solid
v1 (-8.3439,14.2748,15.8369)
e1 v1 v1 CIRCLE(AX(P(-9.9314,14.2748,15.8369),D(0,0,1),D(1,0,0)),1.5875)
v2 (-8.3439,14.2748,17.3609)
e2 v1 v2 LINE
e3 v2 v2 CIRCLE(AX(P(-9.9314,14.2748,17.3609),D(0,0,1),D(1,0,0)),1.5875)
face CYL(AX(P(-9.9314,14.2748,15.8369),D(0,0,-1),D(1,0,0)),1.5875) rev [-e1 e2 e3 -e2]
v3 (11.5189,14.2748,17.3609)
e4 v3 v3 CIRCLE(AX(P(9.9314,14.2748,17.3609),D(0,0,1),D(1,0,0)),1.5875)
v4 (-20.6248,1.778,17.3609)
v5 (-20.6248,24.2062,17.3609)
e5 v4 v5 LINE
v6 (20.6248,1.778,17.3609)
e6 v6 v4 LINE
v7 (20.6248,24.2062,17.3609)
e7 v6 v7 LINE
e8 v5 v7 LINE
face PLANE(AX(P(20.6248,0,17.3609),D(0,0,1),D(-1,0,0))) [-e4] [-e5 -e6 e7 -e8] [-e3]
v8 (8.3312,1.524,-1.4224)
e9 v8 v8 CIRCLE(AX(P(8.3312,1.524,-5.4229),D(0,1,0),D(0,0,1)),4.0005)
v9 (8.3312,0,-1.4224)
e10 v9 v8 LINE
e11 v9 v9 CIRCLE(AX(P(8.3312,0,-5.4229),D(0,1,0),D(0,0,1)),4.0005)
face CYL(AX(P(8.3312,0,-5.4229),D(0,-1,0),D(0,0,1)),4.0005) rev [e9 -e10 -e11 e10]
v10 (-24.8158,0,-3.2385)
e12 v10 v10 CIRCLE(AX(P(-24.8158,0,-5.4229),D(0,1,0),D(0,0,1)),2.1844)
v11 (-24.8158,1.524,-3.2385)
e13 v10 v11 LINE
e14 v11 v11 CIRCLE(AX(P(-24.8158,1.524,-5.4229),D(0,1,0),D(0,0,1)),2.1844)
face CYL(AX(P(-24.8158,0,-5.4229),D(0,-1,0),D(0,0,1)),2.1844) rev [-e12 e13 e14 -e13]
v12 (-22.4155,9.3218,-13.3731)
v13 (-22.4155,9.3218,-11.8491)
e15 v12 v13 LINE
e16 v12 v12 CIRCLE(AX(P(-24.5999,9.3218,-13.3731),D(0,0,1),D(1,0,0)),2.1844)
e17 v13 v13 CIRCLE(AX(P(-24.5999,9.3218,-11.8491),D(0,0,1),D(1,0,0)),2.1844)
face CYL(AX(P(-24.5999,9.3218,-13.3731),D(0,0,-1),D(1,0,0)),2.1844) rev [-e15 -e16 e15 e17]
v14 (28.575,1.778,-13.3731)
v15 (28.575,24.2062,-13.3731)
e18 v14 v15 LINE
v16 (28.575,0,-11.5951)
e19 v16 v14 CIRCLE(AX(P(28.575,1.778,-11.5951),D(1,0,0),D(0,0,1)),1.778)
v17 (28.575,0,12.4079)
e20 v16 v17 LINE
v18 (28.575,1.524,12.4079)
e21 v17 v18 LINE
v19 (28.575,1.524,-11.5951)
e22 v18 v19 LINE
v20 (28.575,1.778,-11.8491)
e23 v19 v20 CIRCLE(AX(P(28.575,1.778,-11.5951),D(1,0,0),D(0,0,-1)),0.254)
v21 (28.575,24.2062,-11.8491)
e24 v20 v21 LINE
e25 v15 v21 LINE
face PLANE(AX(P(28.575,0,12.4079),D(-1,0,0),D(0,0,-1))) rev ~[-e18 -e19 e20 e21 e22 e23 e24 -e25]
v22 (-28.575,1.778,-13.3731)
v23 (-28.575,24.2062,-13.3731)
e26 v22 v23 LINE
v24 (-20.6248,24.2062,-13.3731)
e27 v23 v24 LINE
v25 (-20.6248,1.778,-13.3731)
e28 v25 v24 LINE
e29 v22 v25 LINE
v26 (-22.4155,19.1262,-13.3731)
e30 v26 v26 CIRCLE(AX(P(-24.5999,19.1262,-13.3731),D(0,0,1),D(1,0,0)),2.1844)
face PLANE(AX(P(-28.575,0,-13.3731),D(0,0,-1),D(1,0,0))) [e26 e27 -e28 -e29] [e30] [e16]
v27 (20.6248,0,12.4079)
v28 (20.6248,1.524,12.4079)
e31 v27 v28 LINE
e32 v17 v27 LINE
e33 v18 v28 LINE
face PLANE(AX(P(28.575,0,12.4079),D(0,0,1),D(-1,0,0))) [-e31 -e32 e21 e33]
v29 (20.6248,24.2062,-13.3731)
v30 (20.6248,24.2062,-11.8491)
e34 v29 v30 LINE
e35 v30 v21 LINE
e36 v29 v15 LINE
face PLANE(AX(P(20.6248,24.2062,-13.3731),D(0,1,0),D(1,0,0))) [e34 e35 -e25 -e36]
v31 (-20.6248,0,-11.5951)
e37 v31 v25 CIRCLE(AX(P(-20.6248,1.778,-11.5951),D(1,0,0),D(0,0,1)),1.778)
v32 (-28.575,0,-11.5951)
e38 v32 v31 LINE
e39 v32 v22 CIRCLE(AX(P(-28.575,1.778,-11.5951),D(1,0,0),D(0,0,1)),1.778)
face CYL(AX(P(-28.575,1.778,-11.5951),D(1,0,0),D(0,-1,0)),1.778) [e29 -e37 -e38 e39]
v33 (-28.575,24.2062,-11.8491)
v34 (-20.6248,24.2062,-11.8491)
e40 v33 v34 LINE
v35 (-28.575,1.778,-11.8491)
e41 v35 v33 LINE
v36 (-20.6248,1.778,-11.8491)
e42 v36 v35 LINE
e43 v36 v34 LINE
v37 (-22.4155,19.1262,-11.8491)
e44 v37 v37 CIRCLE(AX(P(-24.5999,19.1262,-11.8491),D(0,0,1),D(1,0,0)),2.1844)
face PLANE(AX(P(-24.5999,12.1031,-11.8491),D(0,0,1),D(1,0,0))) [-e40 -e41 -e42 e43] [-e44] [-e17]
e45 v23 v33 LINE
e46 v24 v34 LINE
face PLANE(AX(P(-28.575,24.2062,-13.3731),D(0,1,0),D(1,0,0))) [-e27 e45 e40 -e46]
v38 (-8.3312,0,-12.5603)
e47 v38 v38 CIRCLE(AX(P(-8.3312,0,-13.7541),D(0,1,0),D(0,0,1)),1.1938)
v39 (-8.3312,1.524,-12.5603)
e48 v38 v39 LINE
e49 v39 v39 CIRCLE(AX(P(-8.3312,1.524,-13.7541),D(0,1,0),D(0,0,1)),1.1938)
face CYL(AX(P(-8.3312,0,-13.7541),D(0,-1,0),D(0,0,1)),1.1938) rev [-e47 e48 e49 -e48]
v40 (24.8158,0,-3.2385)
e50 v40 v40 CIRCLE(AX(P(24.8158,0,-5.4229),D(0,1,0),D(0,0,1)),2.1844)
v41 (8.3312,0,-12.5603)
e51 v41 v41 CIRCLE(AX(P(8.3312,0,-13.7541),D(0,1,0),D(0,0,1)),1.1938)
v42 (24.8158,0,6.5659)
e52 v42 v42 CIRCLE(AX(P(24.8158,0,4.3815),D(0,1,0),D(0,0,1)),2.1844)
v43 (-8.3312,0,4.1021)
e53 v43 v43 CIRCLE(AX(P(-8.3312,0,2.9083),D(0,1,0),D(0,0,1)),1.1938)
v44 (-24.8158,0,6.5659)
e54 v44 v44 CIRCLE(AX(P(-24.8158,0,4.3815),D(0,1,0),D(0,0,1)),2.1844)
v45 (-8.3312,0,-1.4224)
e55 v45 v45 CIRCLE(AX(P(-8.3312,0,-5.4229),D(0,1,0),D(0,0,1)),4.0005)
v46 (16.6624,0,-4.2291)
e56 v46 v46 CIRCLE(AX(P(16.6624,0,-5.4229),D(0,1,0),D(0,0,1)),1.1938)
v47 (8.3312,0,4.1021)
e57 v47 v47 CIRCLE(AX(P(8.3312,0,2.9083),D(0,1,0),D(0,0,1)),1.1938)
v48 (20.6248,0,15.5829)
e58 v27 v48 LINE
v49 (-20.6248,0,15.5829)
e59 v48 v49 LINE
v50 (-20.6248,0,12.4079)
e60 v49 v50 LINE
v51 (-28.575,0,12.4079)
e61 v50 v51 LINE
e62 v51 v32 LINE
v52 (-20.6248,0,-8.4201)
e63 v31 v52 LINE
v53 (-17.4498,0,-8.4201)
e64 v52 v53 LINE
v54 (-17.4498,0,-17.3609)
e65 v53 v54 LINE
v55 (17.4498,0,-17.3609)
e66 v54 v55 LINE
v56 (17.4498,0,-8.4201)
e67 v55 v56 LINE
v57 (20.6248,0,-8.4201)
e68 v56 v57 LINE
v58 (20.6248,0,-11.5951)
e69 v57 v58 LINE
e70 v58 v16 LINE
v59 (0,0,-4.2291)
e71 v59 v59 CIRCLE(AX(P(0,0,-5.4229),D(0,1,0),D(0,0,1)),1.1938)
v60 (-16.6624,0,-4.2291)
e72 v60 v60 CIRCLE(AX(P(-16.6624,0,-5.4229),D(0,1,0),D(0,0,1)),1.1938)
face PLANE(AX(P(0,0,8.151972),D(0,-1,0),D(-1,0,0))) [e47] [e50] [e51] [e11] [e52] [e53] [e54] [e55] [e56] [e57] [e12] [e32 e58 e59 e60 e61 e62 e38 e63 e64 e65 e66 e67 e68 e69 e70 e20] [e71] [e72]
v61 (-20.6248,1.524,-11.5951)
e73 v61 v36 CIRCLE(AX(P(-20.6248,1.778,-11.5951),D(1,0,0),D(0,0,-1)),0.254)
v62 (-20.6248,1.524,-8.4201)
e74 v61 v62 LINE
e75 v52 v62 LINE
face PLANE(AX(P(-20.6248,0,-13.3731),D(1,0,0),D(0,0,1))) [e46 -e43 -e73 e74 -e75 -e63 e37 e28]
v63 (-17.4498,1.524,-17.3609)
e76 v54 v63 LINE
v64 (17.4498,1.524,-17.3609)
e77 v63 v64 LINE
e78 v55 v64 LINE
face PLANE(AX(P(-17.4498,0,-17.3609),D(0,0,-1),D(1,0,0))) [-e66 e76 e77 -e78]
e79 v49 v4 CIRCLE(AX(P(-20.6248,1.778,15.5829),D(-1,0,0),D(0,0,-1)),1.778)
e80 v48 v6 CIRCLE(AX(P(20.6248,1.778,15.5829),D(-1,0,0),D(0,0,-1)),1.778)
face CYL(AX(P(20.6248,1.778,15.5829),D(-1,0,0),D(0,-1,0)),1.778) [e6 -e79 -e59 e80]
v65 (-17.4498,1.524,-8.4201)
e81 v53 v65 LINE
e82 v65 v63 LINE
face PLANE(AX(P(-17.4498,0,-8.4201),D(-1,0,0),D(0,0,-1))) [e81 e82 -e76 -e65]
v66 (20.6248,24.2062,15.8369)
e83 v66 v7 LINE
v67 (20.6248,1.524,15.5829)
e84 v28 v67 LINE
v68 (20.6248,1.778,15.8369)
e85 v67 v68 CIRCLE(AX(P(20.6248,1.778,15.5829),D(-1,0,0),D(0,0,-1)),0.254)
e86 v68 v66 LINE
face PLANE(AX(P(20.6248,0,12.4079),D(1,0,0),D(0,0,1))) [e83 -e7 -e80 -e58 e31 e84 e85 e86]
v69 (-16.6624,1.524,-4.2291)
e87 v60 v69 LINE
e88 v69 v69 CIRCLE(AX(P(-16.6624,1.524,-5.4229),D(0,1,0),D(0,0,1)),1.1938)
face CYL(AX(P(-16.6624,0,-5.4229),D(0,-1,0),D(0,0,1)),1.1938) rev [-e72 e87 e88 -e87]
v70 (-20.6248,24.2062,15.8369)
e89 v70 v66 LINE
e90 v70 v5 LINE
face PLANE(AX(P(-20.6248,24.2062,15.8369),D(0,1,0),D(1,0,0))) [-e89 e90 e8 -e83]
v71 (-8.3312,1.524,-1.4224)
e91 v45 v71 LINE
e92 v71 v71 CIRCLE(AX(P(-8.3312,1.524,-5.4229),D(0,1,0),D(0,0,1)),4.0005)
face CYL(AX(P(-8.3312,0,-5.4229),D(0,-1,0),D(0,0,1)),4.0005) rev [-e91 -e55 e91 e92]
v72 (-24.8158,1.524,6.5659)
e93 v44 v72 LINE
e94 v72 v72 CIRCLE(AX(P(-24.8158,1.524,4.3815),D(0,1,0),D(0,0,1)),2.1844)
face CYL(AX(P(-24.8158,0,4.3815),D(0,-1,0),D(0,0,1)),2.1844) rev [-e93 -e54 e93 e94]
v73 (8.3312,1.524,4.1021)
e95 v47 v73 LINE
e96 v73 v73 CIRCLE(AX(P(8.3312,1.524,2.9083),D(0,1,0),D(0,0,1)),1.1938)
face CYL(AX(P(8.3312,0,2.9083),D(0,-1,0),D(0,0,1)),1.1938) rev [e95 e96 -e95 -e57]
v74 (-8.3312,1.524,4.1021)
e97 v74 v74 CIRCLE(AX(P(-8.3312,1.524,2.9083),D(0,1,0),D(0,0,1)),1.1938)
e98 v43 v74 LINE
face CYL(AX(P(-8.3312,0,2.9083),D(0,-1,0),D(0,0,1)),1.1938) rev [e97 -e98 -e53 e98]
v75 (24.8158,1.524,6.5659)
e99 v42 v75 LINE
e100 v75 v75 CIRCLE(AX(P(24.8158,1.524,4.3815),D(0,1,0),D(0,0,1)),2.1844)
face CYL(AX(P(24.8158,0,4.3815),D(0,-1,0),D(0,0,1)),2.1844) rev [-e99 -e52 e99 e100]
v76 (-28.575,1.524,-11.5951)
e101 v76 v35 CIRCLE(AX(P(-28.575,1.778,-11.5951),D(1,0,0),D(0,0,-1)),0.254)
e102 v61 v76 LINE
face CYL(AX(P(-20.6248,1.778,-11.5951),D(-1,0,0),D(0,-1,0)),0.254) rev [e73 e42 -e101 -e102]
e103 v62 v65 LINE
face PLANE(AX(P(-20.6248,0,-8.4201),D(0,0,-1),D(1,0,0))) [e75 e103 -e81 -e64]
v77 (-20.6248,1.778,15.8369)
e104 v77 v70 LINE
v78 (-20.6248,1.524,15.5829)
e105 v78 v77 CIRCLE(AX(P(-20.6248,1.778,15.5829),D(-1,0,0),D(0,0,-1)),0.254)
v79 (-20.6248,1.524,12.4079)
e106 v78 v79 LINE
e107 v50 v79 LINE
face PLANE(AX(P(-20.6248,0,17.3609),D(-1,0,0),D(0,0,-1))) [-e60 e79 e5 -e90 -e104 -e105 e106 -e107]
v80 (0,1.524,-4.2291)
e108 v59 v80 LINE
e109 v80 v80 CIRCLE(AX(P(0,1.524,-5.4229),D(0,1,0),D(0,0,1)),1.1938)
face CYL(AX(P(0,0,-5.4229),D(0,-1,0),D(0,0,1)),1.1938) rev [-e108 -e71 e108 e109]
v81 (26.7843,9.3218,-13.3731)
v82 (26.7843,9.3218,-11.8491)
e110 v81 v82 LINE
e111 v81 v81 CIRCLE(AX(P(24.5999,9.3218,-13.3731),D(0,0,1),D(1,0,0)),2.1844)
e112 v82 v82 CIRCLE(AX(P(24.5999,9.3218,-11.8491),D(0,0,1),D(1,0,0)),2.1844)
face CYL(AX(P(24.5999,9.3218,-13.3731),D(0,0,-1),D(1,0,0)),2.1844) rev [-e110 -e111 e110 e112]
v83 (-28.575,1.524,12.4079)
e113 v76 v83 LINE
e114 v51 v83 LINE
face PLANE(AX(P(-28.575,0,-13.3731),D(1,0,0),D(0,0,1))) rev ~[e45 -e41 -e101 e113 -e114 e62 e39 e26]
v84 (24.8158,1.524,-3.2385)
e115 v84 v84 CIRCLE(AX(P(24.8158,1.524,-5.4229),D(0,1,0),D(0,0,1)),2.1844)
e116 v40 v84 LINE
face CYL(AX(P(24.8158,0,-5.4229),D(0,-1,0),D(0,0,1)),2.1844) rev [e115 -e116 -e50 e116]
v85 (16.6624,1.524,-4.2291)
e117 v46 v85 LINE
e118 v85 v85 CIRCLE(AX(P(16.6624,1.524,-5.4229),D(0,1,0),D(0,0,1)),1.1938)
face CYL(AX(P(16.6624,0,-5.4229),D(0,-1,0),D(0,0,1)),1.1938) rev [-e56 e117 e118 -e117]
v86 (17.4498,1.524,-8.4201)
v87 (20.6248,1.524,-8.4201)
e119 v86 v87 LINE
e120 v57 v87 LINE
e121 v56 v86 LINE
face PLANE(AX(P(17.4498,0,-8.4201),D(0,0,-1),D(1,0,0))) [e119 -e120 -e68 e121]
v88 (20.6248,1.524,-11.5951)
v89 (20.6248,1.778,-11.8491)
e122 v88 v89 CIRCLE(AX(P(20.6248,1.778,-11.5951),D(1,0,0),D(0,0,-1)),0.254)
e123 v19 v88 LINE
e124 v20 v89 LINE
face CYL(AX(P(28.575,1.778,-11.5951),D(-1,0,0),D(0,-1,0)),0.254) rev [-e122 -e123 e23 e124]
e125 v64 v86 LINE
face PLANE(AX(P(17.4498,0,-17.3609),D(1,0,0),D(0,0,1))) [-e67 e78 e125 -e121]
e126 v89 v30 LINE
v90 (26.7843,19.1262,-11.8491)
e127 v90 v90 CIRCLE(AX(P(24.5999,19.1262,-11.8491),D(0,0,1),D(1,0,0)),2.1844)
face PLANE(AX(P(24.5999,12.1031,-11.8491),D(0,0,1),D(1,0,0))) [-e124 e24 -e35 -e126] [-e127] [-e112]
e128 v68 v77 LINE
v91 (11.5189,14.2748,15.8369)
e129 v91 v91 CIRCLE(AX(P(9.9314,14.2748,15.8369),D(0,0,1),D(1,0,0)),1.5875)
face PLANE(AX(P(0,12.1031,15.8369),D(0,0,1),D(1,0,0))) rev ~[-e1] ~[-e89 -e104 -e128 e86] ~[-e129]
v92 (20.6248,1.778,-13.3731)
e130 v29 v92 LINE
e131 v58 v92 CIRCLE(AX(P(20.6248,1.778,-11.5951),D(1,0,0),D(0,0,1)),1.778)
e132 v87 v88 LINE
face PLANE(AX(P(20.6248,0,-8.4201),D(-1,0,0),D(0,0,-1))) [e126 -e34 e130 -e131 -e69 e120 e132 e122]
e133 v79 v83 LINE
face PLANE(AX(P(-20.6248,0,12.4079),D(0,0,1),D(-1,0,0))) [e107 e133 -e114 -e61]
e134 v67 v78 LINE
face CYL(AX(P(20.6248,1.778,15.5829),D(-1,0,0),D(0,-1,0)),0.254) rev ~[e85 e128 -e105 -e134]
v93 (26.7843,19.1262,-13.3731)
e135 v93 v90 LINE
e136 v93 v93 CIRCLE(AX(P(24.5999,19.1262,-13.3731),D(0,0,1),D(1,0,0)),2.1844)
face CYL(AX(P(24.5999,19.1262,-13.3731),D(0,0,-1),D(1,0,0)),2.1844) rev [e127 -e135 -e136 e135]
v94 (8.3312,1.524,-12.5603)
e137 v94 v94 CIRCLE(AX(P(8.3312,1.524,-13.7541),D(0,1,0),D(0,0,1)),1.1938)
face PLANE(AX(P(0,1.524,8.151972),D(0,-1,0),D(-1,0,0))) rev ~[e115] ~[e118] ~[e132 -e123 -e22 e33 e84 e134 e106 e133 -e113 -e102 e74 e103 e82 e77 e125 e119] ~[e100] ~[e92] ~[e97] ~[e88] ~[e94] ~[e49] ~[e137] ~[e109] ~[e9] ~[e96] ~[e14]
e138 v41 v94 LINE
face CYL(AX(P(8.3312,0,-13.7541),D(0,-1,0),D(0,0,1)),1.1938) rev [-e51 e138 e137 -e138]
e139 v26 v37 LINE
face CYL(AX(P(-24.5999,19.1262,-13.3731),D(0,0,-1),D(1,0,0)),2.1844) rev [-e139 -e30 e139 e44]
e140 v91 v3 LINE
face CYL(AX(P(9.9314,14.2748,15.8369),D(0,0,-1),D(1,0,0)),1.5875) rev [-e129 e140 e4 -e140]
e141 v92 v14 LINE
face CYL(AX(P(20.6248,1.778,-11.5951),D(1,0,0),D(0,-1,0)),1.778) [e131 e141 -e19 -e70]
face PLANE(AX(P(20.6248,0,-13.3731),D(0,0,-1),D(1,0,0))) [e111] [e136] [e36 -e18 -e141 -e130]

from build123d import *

# Parameters (mm, degrees)
SKETCH1_R      = 1.1938
SKETCH1_R_2    = 2.1844
SKETCH1_R_3    = 4.0005
EXTRUDE1_DEPTH = 1.524
EXTRUDE3_START = -13.3731
SKETCH3_W      = 7.9502
SKETCH3_H      = 24.2062
SKETCH3_R      = 2.1844
EXTRUDE3_DEPTH = 1.524
EXTRUDE4_START = 15.8369
SKETCH3_3_W    = 41.2496
SKETCH3_3_H    = 24.2062
SKETCH3_3_R    = 1.5875
EXTRUDE4_DEPTH = 1.524
FILLET4_R      = 1.778
FILLET5_R      = 0.254


with BuildPart() as part:
    # Sketch1 → Extrude1 (new body)
    with BuildSketch(Plane(origin=(0, 0, 0), x_dir=(1, 0, 0), z_dir=(0, 1, 0))):
        Polygon((28.575, 0), (28.575, -12.4079), (20.6248, -12.4079), (20.6248, -17.3609), (-20.6248, -17.3609), (-20.6248, -12.4079), (-28.575, -12.4079), (-28.575, 0), align=None)
        with Locations(Location((8.3312, -2.9083, 0), (0, 0, 270))):  # turned: the seam where the file's is
            Circle(SKETCH1_R, mode=Mode.SUBTRACT)
        with Locations(Location((-8.3312, -2.9083, 0), (0, 0, 270))):  # turned: the seam where the file's is
            Circle(SKETCH1_R, mode=Mode.SUBTRACT)
        with Locations(Location((-24.8158, -4.3815, 0), (0, 0, 270))):  # turned: the seam where the file's is
            Circle(SKETCH1_R_2, mode=Mode.SUBTRACT)
        with Locations(Location((24.8158, -4.3815, 0), (0, 0, 270))):  # turned: the seam where the file's is
            Circle(SKETCH1_R_2, mode=Mode.SUBTRACT)
        Polygon((28.575, 0), (-28.575, 0), (-28.575, 13.3731), (-20.6248, 13.3731), (-20.6248, 8.4201), (-17.4498, 8.4201), (-17.4498, 17.3609), (17.4498, 17.3609), (17.4498, 8.4201), (20.6248, 8.4201), (20.6248, 13.3731), (28.575, 13.3731), align=None)
        with Locations(Location((8.3312, 5.4229, 0), (0, 0, 270))):  # turned: the seam where the file's is
            Circle(SKETCH1_R_3, mode=Mode.SUBTRACT)
        with Locations(Location((8.3312, 13.7541, 0), (0, 0, 270))):  # turned: the seam where the file's is
            Circle(SKETCH1_R, mode=Mode.SUBTRACT)
        with Locations(Location((-8.3312, 5.4229, 0), (0, 0, 270))):  # turned: the seam where the file's is
            Circle(SKETCH1_R_3, mode=Mode.SUBTRACT)
        with Locations(Location((-24.8158, 5.4229, 0), (0, 0, 270))):  # turned: the seam where the file's is
            Circle(SKETCH1_R_2, mode=Mode.SUBTRACT)
        with Locations(Location((-16.6624, 5.4229, 0), (0, 0, 270))):  # turned: the seam where the file's is
            Circle(SKETCH1_R, mode=Mode.SUBTRACT)
        with Locations(Location((-8.3312, 13.7541, 0), (0, 0, 270))):  # turned: the seam where the file's is
            Circle(SKETCH1_R, mode=Mode.SUBTRACT)
        with Locations(Location((0, 5.4229, 0), (0, 0, 270))):  # turned: the seam where the file's is
            Circle(SKETCH1_R, mode=Mode.SUBTRACT)
        with Locations(Location((16.6624, 5.4229, 0), (0, 0, 270))):  # turned: the seam where the file's is
            Circle(SKETCH1_R, mode=Mode.SUBTRACT)
        with Locations(Location((24.8158, 5.4229, 0), (0, 0, 270))):  # turned: the seam where the file's is
            Circle(SKETCH1_R_2, mode=Mode.SUBTRACT)
    extrude(amount=EXTRUDE1_DEPTH)

    # Sketch3 → Extrude3 (add)
    with BuildSketch(Plane.XY.offset(EXTRUDE3_START)):
        with Locations((-24.5999, 12.1031)):
            Rectangle(SKETCH3_W, SKETCH3_H)
        with Locations((-24.5999, 19.1262)):
            Circle(SKETCH3_R, mode=Mode.SUBTRACT)
        with Locations((-24.5999, 9.3218)):
            Circle(SKETCH3_R, mode=Mode.SUBTRACT)
        with Locations((24.5999, 12.1031)):
            Rectangle(SKETCH3_W, SKETCH3_H)
        with Locations((24.5999, 9.3218)):
            Circle(SKETCH3_R, mode=Mode.SUBTRACT)
        with Locations((24.5999, 19.1262)):
            Circle(SKETCH3_R, mode=Mode.SUBTRACT)
    extrude(amount=EXTRUDE3_DEPTH)

    # Sketch3_3 → Extrude4 (add)
    with BuildSketch(Plane.XY.offset(EXTRUDE4_START)):
        with Locations((0, 12.1031)):
            Rectangle(SKETCH3_3_W, SKETCH3_3_H)
        with Locations((-9.9314, 14.2748)):
            Circle(SKETCH3_3_R, mode=Mode.SUBTRACT)
        with Locations((9.9314, 14.2748)):
            Circle(SKETCH3_3_R, mode=Mode.SUBTRACT)
    extrude(amount=EXTRUDE4_DEPTH)

    # Fillet4
    fillet4_edges = [part.edges().sort_by_distance(p)[0] for p in [
        (0, 0, 17.3609),
        (-24.5999, 0, -13.3731),
        (24.5999, 0, -13.3731),
    ]]
    fillet(fillet4_edges, radius=FILLET4_R)

    # Fillet5
    fillet5_edges = [part.edges().sort_by_distance(p)[0] for p in [
        (24.5999, 1.524, -11.8491),
        (0, 1.524, 15.8369),
        (-24.5999, 1.524, -11.8491),
    ]]
    fillet(fillet5_edges, radius=FILLET5_R)


solid = part.part
